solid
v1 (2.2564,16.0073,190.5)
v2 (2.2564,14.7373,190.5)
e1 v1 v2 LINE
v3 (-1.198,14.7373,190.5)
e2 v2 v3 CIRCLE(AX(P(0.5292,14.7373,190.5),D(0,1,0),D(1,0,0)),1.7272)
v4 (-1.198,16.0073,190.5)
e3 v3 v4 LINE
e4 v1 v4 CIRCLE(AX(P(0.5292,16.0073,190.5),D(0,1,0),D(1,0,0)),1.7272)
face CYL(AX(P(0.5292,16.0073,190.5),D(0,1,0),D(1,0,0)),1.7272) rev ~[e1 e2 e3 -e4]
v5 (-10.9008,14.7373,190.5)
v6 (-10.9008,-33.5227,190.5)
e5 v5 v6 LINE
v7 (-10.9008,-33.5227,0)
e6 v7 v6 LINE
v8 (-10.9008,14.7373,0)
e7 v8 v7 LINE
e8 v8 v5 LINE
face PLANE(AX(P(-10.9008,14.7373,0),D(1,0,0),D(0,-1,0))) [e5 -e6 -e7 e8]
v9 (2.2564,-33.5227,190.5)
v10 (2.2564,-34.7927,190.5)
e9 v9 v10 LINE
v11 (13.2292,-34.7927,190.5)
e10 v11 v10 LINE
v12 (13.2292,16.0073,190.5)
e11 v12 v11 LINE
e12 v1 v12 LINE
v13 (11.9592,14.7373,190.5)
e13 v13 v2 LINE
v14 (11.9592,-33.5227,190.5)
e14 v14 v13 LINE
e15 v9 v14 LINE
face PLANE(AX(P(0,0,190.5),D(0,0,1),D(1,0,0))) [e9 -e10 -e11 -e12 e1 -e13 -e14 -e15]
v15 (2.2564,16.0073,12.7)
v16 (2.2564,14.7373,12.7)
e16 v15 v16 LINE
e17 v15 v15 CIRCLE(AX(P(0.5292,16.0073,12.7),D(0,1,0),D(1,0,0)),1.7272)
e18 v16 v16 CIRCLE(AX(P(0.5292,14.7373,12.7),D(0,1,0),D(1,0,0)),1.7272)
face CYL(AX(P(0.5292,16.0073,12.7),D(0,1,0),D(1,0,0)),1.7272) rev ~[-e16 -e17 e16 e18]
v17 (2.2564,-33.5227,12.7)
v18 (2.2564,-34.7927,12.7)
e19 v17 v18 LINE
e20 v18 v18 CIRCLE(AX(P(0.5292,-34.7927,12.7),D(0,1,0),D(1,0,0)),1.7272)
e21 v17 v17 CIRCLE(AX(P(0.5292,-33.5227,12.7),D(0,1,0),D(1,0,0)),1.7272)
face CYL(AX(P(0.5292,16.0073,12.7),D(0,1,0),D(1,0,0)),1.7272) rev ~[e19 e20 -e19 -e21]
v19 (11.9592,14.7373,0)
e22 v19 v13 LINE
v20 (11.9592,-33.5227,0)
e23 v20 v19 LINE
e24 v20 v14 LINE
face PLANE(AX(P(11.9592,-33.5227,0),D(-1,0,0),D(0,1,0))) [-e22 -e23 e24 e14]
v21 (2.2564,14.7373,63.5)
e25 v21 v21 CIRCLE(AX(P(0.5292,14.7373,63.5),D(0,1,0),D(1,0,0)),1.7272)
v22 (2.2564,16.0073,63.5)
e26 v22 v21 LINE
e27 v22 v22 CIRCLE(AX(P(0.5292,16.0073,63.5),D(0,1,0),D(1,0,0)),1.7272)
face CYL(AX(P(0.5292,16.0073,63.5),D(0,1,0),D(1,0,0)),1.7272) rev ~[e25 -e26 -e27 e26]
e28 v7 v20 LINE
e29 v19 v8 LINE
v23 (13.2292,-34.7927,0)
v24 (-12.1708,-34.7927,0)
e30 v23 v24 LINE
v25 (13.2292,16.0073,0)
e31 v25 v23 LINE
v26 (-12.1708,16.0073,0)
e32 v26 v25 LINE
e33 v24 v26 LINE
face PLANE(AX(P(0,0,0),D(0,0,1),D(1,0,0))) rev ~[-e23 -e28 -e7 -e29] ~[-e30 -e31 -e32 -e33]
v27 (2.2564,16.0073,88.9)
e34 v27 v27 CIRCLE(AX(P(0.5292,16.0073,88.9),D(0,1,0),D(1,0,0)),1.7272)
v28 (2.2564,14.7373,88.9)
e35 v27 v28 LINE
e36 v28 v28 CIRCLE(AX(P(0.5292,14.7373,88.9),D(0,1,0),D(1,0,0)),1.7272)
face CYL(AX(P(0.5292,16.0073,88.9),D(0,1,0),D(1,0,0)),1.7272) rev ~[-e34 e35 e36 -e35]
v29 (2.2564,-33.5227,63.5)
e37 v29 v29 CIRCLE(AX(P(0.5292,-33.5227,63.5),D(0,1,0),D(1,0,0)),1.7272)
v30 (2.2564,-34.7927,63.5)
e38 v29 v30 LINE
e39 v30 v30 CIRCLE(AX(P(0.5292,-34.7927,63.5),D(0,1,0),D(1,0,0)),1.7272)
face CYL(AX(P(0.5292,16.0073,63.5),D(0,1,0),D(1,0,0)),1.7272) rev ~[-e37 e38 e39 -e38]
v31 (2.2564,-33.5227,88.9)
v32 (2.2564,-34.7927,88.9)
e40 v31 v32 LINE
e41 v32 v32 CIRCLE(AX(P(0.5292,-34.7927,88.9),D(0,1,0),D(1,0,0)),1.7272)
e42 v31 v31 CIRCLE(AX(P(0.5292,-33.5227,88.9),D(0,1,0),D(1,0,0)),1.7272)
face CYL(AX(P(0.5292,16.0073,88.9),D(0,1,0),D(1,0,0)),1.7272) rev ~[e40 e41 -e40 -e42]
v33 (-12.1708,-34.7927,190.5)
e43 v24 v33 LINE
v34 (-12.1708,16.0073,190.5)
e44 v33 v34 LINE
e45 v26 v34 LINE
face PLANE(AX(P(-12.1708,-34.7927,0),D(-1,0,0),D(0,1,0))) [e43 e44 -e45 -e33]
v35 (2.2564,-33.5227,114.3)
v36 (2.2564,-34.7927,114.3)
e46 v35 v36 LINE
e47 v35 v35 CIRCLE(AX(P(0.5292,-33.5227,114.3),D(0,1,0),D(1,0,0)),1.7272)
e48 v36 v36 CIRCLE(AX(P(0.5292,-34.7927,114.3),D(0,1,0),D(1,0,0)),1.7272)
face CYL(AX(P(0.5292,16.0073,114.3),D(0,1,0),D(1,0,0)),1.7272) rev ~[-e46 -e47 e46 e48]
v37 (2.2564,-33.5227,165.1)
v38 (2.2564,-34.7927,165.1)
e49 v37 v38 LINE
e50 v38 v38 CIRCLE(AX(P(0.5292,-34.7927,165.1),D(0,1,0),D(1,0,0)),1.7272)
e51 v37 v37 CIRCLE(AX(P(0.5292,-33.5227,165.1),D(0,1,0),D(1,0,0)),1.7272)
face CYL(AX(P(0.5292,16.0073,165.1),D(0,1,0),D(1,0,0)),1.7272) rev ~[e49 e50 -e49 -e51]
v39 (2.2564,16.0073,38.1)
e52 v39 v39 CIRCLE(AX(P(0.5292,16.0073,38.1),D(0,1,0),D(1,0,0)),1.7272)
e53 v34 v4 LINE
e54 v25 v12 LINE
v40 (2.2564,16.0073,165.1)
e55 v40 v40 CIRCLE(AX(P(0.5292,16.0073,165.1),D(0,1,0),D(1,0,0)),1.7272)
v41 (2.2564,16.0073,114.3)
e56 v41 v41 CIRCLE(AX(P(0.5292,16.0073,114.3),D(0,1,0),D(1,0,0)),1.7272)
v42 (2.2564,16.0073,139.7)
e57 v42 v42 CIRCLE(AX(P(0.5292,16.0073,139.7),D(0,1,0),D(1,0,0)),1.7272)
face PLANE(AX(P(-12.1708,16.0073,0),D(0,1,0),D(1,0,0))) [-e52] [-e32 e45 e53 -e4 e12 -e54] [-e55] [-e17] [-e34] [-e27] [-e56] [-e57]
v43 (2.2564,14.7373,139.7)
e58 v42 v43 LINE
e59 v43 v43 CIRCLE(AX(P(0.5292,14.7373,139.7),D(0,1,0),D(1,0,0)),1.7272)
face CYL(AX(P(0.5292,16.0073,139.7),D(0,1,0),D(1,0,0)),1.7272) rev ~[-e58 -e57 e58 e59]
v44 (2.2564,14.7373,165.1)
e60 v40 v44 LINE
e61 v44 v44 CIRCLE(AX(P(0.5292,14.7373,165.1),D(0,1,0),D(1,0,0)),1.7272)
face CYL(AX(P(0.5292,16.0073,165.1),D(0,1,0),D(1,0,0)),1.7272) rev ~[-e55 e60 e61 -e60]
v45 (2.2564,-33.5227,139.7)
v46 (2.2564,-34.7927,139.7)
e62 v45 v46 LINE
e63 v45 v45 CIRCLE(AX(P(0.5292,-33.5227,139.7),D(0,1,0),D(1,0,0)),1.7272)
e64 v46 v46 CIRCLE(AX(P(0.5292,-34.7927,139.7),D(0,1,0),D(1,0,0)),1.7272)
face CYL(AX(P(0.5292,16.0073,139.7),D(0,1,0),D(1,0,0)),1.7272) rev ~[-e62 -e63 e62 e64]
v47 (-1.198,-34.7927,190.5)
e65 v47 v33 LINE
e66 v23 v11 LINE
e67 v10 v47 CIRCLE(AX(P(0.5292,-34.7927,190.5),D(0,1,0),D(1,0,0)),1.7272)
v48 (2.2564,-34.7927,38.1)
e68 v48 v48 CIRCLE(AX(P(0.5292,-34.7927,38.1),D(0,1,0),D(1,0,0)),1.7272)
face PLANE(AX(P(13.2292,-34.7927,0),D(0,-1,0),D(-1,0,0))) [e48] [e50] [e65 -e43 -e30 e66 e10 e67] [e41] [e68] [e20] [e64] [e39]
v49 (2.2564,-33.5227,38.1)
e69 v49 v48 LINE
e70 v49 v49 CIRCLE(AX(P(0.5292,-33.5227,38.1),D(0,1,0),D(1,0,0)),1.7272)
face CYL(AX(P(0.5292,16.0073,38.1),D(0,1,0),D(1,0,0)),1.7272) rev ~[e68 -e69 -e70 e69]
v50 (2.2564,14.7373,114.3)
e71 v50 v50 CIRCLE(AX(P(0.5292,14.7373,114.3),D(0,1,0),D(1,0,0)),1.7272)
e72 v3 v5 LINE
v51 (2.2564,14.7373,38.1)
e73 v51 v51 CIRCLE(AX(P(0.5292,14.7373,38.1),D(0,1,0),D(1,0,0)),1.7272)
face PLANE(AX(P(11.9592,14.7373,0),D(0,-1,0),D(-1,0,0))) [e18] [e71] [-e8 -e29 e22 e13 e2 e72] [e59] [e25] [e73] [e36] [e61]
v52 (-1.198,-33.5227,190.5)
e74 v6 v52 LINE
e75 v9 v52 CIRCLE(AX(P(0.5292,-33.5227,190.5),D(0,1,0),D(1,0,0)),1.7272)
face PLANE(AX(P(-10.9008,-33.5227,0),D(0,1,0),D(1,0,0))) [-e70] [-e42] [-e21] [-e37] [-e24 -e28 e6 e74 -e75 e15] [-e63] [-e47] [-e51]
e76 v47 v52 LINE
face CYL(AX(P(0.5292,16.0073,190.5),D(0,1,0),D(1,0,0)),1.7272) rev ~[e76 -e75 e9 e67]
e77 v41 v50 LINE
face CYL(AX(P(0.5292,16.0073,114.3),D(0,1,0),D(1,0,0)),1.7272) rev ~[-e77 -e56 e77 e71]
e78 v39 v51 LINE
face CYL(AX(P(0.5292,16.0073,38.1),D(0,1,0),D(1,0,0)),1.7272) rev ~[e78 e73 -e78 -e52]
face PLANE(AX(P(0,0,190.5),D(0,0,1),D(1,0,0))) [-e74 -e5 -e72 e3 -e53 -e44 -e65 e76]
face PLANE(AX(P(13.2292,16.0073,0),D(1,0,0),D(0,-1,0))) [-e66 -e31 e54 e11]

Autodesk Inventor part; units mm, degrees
ref_plane "YZ Plane" through (0, 0, 0) normal (1, 0, 0) x (0, 1, 0)
ref_plane "XZ Plane" through (0, 0, 0) normal (0, 1, 0) x (-1, 0, 0)
ref_plane "XY Plane" through (0, 0, 0) normal (0, 0, 1) x (1, 0, 0)
sketch "Sketch1" plane through (0, 0, 0) normal (0, 0, 1) x (1, 0, 0)
  line L0 (-12.1708, 16.0073) -> (13.2292, 16.0073)
  line L1 (13.2292, 16.0073) -> (13.2292, -34.7927)
  line L2 (13.2292, -34.7927) -> (-12.1708, -34.7927)
  line L3 (-12.1708, -34.7927) -> (-12.1708, 16.0073)
  line L4 (11.9592, 14.7373) -> (-10.9008, 14.7373)
  line L5 (-10.9008, 14.7373) -> (-10.9008, -33.5227)
  line L6 (-10.9008, -33.5227) -> (11.9592, -33.5227)
  line L7 (11.9592, -33.5227) -> (11.9592, 14.7373)
  point P0 (0, 0)
  dimension "d0" = 25.4
  dimension "d1" = 50.8
  dimension "d2" = 1.27
extrude "Extrusion1" add sketch "Sketch1" along normal blind 190.5
sketch "Sketch2" plane through (-12.1708, 16.0073, 0) normal (0, 1, 0) x (1, 0, 0)
  circle A0 centre (12.7, -12.7) radius 1.7272
  line L0 (25.4, 0) -> (0, 0) projected
  line L1 (0, 0) -> (0, -190.5) projected
  point P0 (12.1708, 0)
  dimension "d5" = 3.4544
  dimension "d6" = 12.7
  dimension "d7" = 12.7
extrude "Extrusion2" cut sketch "Sketch2" against normal through all
pattern_linear "Rectangular Pattern1" count 19 spacing 25.4 along (0, 0, 1) of "Extrusion2"
sketch "Sketch5" plane through (-12.1708, -34.7927, 0) normal (-1, 0, 0) x (0, 0, 1)
  line L0 (0, 50.8) -> (0, 0) projected
  line L1 (139.7, 50.8) -> (190.5, 50.8)
  line L2 (190.5, 50.8) -> (190.5, 203.2)
  line L3 (190.5, 203.2) -> (139.7, 203.2)
  line L4 (139.7, 203.2) -> (139.7, 50.8)
  circle A0 centre (165.1, 101.6) radius 14.2875
  point P0 (0, 34.7927)
  point P1 (165.1, 50.8)
  dimension "d48" = 50.8
  dimension "d49" = 152.4
  dimension "d50" = 28.575
  dimension "d51" = 50.8
equation "\"d3\" = d13"
equation "\"d10\" = d14"
equation "\"d13\" = 190.5"
equation "\"d14\" = d13"
equation "\"d32\" = 101.6"
properties part number "ElevatorPivotBar2"
